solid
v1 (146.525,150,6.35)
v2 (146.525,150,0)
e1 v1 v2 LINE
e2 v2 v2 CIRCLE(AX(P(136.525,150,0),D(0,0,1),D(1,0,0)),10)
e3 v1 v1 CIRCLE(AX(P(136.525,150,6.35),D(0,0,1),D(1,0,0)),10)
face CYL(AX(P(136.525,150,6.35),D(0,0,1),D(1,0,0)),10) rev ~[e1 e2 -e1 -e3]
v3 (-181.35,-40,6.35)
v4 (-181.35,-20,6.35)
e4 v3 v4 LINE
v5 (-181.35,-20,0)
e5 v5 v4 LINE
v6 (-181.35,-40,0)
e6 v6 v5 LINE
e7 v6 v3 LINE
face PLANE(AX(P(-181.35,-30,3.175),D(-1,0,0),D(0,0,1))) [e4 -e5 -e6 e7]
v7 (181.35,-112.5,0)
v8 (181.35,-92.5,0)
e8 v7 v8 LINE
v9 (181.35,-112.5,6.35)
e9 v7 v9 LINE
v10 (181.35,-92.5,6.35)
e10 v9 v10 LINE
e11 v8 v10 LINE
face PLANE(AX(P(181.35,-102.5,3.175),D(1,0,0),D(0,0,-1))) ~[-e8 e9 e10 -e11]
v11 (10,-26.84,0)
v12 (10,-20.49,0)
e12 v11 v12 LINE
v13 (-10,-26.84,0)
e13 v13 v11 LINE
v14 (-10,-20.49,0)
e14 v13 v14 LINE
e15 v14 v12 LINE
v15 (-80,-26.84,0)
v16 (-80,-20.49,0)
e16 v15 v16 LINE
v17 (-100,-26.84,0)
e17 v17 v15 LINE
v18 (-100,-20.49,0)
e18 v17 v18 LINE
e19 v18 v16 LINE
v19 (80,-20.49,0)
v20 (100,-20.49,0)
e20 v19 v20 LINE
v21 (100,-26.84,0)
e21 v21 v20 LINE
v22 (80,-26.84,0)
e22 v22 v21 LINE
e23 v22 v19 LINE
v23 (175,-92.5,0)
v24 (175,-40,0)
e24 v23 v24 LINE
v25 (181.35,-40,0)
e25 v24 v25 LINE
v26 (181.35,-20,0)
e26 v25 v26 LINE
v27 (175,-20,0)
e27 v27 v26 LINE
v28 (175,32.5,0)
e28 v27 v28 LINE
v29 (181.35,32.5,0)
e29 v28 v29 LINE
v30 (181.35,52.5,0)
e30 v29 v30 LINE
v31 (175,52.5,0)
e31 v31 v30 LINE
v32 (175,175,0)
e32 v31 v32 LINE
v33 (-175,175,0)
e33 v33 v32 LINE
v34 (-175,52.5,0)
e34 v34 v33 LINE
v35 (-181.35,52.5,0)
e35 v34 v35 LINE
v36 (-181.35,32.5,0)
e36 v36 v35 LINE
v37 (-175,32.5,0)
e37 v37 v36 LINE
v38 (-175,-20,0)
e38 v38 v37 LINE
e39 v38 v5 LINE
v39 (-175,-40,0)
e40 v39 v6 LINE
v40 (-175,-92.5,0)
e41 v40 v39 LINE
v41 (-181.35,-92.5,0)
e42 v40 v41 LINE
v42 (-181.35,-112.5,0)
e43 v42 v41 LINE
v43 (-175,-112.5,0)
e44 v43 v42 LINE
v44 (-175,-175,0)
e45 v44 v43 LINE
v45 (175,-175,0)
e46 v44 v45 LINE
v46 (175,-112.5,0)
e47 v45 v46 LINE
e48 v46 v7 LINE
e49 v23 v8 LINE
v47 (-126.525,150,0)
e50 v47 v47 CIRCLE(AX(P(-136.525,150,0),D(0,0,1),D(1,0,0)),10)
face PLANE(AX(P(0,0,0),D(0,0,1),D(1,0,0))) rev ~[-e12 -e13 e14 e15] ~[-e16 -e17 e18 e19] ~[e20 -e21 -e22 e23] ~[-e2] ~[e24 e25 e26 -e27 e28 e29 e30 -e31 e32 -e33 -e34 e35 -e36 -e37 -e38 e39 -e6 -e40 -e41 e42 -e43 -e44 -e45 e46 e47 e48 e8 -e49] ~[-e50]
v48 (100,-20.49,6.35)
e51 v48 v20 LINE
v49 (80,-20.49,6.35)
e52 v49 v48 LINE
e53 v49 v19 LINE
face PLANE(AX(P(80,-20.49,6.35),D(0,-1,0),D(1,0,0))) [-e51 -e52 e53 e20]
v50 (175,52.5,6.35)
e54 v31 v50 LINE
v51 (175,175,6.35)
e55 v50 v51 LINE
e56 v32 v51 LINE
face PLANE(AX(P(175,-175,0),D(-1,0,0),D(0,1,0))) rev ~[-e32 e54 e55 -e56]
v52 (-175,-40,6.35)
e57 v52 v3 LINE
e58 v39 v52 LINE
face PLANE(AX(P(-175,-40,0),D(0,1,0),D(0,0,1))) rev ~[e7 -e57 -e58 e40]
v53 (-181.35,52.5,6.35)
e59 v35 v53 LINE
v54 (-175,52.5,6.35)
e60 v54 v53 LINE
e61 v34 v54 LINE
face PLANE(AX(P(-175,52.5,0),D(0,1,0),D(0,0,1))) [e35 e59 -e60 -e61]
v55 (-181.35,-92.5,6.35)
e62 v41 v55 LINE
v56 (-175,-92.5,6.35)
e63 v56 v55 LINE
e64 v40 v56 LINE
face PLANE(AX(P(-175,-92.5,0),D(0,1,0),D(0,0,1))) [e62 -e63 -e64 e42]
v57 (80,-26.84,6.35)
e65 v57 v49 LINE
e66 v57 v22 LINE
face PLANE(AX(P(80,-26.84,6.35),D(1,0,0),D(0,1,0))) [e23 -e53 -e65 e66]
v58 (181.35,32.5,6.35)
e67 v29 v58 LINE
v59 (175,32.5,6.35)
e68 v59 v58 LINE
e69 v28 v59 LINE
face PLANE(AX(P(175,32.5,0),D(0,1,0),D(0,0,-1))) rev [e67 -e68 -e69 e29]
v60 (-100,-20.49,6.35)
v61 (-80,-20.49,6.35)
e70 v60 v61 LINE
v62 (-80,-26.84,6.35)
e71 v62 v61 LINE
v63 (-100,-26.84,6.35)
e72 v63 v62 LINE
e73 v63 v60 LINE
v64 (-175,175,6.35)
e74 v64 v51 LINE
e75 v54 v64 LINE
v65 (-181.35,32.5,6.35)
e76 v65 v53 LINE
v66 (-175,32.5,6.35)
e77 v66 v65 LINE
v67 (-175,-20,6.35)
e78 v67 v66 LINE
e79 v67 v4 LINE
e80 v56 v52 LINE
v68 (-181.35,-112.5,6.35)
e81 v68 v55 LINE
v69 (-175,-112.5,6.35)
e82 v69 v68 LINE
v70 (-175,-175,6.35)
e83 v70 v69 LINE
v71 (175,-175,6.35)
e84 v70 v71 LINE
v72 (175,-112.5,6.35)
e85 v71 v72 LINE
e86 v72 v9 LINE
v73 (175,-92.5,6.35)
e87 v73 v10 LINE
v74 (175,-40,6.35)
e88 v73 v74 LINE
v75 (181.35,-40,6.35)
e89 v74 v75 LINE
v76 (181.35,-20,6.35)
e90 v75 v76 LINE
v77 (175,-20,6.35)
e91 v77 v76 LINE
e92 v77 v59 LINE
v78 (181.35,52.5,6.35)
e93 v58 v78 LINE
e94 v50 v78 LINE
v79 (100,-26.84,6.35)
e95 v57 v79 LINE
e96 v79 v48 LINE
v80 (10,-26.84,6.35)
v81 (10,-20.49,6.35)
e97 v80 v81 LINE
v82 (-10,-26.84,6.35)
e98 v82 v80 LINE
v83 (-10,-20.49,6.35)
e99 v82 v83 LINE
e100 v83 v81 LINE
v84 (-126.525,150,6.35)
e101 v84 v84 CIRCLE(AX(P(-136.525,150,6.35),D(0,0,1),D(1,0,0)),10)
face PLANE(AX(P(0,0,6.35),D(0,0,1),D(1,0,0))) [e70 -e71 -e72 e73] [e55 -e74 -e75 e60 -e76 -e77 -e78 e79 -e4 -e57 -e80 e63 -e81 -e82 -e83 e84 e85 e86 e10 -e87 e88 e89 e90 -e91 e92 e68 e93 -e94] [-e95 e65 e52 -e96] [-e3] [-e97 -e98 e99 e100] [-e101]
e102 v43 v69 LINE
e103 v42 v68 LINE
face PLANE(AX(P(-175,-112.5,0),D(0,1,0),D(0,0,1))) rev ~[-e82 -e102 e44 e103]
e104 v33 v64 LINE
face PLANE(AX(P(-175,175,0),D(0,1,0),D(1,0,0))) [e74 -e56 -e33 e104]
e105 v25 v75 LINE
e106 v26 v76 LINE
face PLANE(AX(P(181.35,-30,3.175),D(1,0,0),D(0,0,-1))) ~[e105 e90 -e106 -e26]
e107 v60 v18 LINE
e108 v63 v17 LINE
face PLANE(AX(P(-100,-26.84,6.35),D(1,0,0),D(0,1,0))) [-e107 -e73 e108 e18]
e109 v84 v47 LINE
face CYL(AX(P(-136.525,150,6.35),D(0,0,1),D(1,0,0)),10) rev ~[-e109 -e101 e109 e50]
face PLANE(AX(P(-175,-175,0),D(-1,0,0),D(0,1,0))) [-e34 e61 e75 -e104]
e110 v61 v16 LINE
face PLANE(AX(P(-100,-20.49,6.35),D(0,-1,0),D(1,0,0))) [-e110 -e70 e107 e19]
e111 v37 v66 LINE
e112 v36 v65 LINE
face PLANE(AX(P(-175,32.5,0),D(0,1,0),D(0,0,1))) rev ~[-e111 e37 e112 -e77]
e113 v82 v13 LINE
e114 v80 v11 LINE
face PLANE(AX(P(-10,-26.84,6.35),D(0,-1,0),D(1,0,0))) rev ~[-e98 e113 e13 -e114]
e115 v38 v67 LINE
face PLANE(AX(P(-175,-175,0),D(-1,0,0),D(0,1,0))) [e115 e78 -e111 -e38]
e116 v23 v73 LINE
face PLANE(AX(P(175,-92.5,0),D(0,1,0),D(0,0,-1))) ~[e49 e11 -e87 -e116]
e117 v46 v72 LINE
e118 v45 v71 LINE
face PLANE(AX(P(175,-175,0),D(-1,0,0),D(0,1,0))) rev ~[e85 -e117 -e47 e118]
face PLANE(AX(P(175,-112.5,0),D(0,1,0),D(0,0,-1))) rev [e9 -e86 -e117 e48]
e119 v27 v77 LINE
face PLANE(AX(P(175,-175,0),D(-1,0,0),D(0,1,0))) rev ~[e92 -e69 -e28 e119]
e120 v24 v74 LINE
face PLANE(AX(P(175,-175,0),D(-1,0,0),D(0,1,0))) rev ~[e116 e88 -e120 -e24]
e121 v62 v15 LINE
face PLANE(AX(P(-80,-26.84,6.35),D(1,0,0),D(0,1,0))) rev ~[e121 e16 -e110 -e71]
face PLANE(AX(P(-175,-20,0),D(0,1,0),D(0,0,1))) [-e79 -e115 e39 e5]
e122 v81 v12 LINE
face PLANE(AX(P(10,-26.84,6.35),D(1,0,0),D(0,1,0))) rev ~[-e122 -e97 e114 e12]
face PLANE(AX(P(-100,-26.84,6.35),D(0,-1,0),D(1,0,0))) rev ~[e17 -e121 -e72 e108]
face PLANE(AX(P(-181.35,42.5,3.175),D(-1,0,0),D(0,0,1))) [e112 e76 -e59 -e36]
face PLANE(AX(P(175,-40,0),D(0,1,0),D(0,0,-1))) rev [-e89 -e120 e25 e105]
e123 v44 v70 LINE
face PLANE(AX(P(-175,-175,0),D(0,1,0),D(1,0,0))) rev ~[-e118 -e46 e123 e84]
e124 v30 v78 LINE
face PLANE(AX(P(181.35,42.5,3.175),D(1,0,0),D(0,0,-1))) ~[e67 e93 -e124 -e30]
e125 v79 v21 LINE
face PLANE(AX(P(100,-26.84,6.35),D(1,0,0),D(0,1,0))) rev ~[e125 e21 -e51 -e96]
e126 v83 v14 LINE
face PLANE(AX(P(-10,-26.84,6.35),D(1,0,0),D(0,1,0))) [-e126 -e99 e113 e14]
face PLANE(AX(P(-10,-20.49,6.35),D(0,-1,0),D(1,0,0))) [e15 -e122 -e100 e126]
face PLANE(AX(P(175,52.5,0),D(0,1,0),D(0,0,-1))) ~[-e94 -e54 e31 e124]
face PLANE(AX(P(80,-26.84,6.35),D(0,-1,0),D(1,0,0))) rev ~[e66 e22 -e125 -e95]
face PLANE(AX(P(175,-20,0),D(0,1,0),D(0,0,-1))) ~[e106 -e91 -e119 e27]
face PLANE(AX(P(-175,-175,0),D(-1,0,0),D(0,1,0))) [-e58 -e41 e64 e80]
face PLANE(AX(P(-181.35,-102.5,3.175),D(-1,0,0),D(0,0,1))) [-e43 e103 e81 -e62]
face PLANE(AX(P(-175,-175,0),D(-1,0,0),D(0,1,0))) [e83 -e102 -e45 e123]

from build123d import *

# Parameters (mm, degrees)
CROQUIS1_W              = 350
CROQUIS1_H              = 350
SALIENTE_EXTRUIR1_DEPTH = 6.35
CROQUIS2_W              = 6.35
CROQUIS2_H              = 20
SALIENTE_EXTRUIR2_DEPTH = 6.35
CROQUIS3_W              = 20
CROQUIS3_H              = 6.35
CORTAR_EXTRUIR1_DEPTH   = 10
CROQUIS4_R              = 10
CORTAR_EXTRUIR2_DEPTH   = 253.097491062


with BuildPart() as part:
    # Croquis1 → Saliente-Extruir1 (new body)
    with BuildSketch(Plane.XY):
        Rectangle(CROQUIS1_W, CROQUIS1_H)
    extrude(amount=SALIENTE_EXTRUIR1_DEPTH)

    # Croquis2 → Saliente-Extruir2 (add)
    with BuildSketch(Plane.ZY.offset(175)):
        with Locations((3.175, 42.5)):
            Rectangle(CROQUIS2_W, CROQUIS2_H)
        with Locations((3.175, -30)):
            Rectangle(CROQUIS2_W, CROQUIS2_H)
        with Locations((3.175, -102.5)):
            Rectangle(CROQUIS2_W, CROQUIS2_H)
    saliente_extruir2 = extrude(amount=SALIENTE_EXTRUIR2_DEPTH)

    # Simetría1: Saliente-Extruir2 across plane
    add(saliente_extruir2.mirror(Plane(origin=(0, 0, 0), x_dir=(0, 0, 1), z_dir=(1, 0, 0))))

    # Croquis3 → Cortar-Extruir1 (cut)
    with BuildSketch(Plane.XY.offset(6.35)):
        with Locations((0, -23.665)):
            Rectangle(CROQUIS3_W, CROQUIS3_H)
        with Locations((90, -23.665)):
            Rectangle(CROQUIS3_W, CROQUIS3_H)
        with Locations((-90, -23.665)):
            Rectangle(CROQUIS3_W, CROQUIS3_H)
    extrude(amount=-CORTAR_EXTRUIR1_DEPTH, mode=Mode.SUBTRACT)

    # Croquis4 → Cortar-Extruir2 (cut, through all)
    with BuildSketch(Plane.XY.offset(6.35)):
        with Locations((-136.525, 150)):
            Circle(CROQUIS4_R)
        with Locations((136.525, 150)):
            Circle(CROQUIS4_R)
    extrude(amount=-CORTAR_EXTRUIR2_DEPTH, mode=Mode.SUBTRACT)


solid = part.part
